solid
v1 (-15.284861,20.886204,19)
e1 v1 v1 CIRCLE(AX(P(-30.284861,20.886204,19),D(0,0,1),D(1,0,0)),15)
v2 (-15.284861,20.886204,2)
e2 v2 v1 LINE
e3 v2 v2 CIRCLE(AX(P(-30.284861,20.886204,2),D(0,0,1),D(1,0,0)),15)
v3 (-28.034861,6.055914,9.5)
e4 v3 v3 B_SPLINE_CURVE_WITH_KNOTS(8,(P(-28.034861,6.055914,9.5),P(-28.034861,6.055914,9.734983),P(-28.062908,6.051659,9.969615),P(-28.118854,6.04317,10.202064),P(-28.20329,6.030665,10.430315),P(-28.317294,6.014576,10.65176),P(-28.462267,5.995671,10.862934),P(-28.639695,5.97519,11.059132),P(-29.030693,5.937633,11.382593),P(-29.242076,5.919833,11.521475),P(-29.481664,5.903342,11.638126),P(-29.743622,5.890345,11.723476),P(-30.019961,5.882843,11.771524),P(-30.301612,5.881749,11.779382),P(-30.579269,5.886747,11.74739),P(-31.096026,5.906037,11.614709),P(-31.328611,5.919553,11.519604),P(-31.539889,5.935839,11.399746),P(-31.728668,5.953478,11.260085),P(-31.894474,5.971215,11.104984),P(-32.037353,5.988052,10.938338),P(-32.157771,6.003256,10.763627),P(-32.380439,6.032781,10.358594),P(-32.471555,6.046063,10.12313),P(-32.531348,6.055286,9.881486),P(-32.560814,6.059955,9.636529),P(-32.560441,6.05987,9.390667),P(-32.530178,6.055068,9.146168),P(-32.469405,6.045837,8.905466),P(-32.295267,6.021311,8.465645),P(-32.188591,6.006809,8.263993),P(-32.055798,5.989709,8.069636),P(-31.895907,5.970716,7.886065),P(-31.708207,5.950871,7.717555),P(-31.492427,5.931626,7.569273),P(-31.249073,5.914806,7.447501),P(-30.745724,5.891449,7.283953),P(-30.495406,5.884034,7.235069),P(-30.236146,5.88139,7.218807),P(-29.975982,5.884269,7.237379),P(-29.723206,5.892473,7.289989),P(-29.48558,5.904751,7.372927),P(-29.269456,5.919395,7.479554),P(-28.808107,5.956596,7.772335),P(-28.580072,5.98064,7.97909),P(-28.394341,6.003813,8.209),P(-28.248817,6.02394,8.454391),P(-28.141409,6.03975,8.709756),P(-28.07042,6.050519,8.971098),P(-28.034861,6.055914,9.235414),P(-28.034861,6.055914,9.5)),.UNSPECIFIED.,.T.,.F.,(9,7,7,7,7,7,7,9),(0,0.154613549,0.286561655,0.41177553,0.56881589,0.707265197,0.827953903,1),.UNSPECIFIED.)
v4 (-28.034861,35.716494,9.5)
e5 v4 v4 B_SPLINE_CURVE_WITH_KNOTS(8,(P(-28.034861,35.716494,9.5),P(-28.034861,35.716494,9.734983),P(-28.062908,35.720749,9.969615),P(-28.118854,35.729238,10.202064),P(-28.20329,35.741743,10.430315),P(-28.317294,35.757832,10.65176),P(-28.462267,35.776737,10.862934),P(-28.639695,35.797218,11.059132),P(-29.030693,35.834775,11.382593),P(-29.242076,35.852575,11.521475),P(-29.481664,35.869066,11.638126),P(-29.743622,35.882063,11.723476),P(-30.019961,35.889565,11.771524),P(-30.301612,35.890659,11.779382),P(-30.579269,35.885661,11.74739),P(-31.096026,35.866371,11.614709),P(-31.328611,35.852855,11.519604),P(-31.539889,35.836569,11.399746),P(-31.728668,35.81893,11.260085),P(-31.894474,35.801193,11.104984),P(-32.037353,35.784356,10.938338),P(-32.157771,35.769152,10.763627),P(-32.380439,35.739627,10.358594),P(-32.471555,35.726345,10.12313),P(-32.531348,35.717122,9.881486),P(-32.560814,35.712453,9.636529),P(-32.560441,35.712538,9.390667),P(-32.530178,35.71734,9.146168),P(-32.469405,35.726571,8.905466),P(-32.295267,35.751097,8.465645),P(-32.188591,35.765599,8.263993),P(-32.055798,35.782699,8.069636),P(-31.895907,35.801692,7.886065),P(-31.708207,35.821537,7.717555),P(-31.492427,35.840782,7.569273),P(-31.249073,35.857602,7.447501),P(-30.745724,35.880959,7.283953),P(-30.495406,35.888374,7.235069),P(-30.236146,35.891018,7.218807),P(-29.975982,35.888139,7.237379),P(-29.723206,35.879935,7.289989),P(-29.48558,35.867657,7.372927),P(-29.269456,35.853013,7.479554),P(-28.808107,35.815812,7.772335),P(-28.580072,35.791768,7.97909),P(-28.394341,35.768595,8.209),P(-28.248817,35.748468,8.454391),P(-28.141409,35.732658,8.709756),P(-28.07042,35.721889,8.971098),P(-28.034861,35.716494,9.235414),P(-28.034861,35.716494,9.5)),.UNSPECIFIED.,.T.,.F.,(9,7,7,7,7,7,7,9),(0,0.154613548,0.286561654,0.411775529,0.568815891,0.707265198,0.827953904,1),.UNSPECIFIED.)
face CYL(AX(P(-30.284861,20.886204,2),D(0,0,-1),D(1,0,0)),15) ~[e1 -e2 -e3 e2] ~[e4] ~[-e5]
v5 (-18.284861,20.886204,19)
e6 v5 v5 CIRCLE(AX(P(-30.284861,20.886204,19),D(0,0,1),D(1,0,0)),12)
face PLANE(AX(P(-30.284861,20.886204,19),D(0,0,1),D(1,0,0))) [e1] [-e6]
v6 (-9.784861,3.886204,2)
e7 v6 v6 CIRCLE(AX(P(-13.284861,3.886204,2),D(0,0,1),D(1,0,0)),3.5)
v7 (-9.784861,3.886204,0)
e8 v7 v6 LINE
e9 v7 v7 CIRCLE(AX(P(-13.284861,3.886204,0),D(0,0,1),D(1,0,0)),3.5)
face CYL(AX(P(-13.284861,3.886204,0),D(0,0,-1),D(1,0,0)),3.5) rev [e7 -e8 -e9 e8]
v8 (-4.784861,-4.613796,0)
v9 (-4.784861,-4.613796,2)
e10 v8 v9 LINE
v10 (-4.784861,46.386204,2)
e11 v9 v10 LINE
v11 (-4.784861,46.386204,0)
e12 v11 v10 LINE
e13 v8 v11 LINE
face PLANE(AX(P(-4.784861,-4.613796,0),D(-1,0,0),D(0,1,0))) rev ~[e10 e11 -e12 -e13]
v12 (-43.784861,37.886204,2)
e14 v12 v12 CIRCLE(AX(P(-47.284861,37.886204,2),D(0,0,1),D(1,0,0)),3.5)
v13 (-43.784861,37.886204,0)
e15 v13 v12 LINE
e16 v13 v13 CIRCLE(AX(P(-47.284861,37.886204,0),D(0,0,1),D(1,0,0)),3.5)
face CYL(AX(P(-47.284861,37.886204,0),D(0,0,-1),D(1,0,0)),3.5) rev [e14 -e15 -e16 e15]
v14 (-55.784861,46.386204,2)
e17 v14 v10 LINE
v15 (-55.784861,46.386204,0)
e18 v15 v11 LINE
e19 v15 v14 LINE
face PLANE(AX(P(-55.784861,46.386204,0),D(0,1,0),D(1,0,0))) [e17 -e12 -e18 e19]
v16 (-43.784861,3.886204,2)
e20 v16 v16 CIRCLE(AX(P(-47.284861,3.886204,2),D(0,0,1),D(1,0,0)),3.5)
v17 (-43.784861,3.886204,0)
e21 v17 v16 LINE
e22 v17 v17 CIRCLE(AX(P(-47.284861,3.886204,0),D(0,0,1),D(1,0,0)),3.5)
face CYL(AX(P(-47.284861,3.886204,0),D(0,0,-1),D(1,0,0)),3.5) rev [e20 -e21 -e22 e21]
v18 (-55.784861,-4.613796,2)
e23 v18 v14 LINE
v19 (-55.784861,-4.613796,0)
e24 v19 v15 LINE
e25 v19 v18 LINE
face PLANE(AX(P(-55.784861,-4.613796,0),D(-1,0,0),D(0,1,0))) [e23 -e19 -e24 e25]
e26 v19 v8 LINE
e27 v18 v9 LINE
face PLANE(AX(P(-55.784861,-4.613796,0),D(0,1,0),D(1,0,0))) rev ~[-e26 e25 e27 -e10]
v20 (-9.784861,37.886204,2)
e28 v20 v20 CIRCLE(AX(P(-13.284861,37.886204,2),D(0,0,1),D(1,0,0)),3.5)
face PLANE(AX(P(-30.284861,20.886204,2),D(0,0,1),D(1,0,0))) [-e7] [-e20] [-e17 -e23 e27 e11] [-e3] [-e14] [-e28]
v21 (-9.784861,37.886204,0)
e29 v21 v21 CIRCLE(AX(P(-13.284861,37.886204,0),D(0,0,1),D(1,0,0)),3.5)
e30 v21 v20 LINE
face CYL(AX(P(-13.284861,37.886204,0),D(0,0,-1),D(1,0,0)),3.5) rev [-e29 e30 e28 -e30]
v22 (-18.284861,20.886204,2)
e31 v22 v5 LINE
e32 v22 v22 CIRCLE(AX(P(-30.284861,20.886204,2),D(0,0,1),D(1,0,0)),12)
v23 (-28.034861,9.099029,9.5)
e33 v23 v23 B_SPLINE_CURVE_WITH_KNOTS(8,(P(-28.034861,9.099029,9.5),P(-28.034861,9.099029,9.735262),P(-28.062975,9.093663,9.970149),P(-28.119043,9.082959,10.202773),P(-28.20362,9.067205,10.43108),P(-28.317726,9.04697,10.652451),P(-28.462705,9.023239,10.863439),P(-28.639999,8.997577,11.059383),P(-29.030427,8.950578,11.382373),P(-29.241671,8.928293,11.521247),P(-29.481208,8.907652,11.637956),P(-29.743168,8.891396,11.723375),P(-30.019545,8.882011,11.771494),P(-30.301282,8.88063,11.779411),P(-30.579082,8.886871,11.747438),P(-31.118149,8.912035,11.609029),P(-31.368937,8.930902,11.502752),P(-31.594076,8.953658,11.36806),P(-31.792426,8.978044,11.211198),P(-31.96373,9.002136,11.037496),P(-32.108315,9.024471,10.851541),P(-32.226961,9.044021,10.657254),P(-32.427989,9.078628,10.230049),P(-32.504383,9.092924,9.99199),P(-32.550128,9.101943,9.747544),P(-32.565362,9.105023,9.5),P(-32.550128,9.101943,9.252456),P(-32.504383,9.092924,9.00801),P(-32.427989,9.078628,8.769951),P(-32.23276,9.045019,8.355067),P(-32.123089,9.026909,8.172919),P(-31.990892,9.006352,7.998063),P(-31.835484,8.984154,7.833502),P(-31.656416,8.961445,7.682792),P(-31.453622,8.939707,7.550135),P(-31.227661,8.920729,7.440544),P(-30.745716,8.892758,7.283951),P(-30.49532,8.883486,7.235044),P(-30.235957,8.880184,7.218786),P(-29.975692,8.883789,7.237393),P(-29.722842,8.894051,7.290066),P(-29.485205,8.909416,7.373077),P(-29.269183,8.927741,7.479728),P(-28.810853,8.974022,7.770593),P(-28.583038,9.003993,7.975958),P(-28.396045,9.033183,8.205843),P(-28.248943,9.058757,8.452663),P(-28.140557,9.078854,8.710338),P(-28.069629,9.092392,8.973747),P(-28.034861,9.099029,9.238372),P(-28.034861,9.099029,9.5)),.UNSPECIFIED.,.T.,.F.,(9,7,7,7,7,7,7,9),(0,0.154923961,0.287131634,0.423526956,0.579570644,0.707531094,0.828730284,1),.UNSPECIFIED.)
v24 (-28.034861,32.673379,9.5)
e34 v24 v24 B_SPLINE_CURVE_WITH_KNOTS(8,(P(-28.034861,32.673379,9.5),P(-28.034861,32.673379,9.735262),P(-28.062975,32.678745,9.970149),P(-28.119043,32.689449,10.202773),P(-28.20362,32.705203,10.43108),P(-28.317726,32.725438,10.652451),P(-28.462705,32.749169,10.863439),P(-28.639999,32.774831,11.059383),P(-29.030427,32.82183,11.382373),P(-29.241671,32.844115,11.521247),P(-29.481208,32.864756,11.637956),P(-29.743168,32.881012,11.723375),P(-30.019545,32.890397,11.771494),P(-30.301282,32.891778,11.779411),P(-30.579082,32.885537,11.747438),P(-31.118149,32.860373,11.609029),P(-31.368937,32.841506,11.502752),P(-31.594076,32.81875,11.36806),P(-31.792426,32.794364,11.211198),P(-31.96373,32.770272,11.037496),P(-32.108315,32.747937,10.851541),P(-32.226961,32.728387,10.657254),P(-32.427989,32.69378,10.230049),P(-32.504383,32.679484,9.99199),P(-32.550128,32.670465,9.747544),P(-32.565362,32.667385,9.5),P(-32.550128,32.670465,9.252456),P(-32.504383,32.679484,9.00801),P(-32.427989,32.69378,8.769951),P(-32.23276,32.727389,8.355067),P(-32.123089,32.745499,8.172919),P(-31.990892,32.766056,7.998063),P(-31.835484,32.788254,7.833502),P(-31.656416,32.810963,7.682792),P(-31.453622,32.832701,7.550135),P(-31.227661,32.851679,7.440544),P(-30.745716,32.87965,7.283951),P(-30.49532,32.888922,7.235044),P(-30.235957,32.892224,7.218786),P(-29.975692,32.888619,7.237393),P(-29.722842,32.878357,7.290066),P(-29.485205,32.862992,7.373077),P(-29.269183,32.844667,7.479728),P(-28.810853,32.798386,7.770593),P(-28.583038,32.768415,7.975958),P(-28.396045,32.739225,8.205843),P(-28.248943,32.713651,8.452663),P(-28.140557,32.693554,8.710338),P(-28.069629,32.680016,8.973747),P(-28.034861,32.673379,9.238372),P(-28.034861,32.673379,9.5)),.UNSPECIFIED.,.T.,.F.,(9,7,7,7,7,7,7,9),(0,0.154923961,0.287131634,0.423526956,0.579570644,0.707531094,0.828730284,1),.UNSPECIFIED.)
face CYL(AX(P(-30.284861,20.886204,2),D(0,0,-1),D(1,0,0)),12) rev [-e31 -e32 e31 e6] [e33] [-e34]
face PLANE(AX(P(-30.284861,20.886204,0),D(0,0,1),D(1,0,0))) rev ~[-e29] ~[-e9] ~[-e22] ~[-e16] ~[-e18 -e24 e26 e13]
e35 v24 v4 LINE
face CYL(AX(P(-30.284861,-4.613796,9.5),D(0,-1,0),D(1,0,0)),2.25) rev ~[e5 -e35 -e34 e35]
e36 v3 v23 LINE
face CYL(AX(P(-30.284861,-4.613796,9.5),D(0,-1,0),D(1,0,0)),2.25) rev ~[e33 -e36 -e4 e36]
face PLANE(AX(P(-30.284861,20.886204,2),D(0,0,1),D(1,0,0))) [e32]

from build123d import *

# Parameters (mm, degrees)
F0_W     = 51
F0_H     = 51
F0_R     = 3.5
F1_DEPTH = 2
F2_R     = 15
F2_R_2   = 12
F3_DEPTH = 17
F4_W     = 51
F4_H     = 2.453923
F5_DEPTH = 17
F6_R     = 2.25
F7_DEPTH = 51.001
F8_W     = 51
F8_H     = 2.453923
F9_DEPTH = 17


with BuildPart() as f1:
    # F0 (on Top) → F1 (new body)
    with BuildSketch(Plane.XY):
        with Locations((-30.284861, 20.886204)):
            Rectangle(F0_W, F0_H)
        with Locations((-47.284861, 3.886204)):
            Circle(F0_R, mode=Mode.SUBTRACT)
        with Locations((-13.284861, 3.886204)):
            Circle(F0_R, mode=Mode.SUBTRACT)
        with Locations((-47.284861, 37.886204)):
            Circle(F0_R, mode=Mode.SUBTRACT)
        with Locations((-13.284861, 37.886204)):
            Circle(F0_R, mode=Mode.SUBTRACT)
    extrude(amount=F1_DEPTH)

    # F2 (on face) → F3 (join)
    with BuildSketch(Plane.XY.offset(2)):
        with Locations((-30.284861, 20.886204)):
            Circle(F2_R)
        with Locations((-30.284861, 20.886204)):
            Circle(F2_R_2, mode=Mode.SUBTRACT)
    extrude(amount=F3_DEPTH)

    # F4 (on face) → F5 (join)
    with BuildSketch(Plane.XY.offset(2)):
        with Locations((-30.284861, -3.386834)):
            Rectangle(F4_W, F4_H)
    extrude(amount=F5_DEPTH)

    # F6 (on face) → F7 (cut, through all)
    with BuildSketch(Plane.XZ.offset(4.613796)):
        with Locations((-30.284861, 9.5)):
            Circle(F6_R)
    extrude(amount=-F7_DEPTH, mode=Mode.SUBTRACT)

    # F8 (on face) → F9 (cut)
    with BuildSketch(Plane.XY.offset(19)):
        with Locations((-30.284861, -3.386834)):
            Rectangle(F8_W, F8_H)
    extrude(amount=-F9_DEPTH, mode=Mode.SUBTRACT)


solid = f1.part
